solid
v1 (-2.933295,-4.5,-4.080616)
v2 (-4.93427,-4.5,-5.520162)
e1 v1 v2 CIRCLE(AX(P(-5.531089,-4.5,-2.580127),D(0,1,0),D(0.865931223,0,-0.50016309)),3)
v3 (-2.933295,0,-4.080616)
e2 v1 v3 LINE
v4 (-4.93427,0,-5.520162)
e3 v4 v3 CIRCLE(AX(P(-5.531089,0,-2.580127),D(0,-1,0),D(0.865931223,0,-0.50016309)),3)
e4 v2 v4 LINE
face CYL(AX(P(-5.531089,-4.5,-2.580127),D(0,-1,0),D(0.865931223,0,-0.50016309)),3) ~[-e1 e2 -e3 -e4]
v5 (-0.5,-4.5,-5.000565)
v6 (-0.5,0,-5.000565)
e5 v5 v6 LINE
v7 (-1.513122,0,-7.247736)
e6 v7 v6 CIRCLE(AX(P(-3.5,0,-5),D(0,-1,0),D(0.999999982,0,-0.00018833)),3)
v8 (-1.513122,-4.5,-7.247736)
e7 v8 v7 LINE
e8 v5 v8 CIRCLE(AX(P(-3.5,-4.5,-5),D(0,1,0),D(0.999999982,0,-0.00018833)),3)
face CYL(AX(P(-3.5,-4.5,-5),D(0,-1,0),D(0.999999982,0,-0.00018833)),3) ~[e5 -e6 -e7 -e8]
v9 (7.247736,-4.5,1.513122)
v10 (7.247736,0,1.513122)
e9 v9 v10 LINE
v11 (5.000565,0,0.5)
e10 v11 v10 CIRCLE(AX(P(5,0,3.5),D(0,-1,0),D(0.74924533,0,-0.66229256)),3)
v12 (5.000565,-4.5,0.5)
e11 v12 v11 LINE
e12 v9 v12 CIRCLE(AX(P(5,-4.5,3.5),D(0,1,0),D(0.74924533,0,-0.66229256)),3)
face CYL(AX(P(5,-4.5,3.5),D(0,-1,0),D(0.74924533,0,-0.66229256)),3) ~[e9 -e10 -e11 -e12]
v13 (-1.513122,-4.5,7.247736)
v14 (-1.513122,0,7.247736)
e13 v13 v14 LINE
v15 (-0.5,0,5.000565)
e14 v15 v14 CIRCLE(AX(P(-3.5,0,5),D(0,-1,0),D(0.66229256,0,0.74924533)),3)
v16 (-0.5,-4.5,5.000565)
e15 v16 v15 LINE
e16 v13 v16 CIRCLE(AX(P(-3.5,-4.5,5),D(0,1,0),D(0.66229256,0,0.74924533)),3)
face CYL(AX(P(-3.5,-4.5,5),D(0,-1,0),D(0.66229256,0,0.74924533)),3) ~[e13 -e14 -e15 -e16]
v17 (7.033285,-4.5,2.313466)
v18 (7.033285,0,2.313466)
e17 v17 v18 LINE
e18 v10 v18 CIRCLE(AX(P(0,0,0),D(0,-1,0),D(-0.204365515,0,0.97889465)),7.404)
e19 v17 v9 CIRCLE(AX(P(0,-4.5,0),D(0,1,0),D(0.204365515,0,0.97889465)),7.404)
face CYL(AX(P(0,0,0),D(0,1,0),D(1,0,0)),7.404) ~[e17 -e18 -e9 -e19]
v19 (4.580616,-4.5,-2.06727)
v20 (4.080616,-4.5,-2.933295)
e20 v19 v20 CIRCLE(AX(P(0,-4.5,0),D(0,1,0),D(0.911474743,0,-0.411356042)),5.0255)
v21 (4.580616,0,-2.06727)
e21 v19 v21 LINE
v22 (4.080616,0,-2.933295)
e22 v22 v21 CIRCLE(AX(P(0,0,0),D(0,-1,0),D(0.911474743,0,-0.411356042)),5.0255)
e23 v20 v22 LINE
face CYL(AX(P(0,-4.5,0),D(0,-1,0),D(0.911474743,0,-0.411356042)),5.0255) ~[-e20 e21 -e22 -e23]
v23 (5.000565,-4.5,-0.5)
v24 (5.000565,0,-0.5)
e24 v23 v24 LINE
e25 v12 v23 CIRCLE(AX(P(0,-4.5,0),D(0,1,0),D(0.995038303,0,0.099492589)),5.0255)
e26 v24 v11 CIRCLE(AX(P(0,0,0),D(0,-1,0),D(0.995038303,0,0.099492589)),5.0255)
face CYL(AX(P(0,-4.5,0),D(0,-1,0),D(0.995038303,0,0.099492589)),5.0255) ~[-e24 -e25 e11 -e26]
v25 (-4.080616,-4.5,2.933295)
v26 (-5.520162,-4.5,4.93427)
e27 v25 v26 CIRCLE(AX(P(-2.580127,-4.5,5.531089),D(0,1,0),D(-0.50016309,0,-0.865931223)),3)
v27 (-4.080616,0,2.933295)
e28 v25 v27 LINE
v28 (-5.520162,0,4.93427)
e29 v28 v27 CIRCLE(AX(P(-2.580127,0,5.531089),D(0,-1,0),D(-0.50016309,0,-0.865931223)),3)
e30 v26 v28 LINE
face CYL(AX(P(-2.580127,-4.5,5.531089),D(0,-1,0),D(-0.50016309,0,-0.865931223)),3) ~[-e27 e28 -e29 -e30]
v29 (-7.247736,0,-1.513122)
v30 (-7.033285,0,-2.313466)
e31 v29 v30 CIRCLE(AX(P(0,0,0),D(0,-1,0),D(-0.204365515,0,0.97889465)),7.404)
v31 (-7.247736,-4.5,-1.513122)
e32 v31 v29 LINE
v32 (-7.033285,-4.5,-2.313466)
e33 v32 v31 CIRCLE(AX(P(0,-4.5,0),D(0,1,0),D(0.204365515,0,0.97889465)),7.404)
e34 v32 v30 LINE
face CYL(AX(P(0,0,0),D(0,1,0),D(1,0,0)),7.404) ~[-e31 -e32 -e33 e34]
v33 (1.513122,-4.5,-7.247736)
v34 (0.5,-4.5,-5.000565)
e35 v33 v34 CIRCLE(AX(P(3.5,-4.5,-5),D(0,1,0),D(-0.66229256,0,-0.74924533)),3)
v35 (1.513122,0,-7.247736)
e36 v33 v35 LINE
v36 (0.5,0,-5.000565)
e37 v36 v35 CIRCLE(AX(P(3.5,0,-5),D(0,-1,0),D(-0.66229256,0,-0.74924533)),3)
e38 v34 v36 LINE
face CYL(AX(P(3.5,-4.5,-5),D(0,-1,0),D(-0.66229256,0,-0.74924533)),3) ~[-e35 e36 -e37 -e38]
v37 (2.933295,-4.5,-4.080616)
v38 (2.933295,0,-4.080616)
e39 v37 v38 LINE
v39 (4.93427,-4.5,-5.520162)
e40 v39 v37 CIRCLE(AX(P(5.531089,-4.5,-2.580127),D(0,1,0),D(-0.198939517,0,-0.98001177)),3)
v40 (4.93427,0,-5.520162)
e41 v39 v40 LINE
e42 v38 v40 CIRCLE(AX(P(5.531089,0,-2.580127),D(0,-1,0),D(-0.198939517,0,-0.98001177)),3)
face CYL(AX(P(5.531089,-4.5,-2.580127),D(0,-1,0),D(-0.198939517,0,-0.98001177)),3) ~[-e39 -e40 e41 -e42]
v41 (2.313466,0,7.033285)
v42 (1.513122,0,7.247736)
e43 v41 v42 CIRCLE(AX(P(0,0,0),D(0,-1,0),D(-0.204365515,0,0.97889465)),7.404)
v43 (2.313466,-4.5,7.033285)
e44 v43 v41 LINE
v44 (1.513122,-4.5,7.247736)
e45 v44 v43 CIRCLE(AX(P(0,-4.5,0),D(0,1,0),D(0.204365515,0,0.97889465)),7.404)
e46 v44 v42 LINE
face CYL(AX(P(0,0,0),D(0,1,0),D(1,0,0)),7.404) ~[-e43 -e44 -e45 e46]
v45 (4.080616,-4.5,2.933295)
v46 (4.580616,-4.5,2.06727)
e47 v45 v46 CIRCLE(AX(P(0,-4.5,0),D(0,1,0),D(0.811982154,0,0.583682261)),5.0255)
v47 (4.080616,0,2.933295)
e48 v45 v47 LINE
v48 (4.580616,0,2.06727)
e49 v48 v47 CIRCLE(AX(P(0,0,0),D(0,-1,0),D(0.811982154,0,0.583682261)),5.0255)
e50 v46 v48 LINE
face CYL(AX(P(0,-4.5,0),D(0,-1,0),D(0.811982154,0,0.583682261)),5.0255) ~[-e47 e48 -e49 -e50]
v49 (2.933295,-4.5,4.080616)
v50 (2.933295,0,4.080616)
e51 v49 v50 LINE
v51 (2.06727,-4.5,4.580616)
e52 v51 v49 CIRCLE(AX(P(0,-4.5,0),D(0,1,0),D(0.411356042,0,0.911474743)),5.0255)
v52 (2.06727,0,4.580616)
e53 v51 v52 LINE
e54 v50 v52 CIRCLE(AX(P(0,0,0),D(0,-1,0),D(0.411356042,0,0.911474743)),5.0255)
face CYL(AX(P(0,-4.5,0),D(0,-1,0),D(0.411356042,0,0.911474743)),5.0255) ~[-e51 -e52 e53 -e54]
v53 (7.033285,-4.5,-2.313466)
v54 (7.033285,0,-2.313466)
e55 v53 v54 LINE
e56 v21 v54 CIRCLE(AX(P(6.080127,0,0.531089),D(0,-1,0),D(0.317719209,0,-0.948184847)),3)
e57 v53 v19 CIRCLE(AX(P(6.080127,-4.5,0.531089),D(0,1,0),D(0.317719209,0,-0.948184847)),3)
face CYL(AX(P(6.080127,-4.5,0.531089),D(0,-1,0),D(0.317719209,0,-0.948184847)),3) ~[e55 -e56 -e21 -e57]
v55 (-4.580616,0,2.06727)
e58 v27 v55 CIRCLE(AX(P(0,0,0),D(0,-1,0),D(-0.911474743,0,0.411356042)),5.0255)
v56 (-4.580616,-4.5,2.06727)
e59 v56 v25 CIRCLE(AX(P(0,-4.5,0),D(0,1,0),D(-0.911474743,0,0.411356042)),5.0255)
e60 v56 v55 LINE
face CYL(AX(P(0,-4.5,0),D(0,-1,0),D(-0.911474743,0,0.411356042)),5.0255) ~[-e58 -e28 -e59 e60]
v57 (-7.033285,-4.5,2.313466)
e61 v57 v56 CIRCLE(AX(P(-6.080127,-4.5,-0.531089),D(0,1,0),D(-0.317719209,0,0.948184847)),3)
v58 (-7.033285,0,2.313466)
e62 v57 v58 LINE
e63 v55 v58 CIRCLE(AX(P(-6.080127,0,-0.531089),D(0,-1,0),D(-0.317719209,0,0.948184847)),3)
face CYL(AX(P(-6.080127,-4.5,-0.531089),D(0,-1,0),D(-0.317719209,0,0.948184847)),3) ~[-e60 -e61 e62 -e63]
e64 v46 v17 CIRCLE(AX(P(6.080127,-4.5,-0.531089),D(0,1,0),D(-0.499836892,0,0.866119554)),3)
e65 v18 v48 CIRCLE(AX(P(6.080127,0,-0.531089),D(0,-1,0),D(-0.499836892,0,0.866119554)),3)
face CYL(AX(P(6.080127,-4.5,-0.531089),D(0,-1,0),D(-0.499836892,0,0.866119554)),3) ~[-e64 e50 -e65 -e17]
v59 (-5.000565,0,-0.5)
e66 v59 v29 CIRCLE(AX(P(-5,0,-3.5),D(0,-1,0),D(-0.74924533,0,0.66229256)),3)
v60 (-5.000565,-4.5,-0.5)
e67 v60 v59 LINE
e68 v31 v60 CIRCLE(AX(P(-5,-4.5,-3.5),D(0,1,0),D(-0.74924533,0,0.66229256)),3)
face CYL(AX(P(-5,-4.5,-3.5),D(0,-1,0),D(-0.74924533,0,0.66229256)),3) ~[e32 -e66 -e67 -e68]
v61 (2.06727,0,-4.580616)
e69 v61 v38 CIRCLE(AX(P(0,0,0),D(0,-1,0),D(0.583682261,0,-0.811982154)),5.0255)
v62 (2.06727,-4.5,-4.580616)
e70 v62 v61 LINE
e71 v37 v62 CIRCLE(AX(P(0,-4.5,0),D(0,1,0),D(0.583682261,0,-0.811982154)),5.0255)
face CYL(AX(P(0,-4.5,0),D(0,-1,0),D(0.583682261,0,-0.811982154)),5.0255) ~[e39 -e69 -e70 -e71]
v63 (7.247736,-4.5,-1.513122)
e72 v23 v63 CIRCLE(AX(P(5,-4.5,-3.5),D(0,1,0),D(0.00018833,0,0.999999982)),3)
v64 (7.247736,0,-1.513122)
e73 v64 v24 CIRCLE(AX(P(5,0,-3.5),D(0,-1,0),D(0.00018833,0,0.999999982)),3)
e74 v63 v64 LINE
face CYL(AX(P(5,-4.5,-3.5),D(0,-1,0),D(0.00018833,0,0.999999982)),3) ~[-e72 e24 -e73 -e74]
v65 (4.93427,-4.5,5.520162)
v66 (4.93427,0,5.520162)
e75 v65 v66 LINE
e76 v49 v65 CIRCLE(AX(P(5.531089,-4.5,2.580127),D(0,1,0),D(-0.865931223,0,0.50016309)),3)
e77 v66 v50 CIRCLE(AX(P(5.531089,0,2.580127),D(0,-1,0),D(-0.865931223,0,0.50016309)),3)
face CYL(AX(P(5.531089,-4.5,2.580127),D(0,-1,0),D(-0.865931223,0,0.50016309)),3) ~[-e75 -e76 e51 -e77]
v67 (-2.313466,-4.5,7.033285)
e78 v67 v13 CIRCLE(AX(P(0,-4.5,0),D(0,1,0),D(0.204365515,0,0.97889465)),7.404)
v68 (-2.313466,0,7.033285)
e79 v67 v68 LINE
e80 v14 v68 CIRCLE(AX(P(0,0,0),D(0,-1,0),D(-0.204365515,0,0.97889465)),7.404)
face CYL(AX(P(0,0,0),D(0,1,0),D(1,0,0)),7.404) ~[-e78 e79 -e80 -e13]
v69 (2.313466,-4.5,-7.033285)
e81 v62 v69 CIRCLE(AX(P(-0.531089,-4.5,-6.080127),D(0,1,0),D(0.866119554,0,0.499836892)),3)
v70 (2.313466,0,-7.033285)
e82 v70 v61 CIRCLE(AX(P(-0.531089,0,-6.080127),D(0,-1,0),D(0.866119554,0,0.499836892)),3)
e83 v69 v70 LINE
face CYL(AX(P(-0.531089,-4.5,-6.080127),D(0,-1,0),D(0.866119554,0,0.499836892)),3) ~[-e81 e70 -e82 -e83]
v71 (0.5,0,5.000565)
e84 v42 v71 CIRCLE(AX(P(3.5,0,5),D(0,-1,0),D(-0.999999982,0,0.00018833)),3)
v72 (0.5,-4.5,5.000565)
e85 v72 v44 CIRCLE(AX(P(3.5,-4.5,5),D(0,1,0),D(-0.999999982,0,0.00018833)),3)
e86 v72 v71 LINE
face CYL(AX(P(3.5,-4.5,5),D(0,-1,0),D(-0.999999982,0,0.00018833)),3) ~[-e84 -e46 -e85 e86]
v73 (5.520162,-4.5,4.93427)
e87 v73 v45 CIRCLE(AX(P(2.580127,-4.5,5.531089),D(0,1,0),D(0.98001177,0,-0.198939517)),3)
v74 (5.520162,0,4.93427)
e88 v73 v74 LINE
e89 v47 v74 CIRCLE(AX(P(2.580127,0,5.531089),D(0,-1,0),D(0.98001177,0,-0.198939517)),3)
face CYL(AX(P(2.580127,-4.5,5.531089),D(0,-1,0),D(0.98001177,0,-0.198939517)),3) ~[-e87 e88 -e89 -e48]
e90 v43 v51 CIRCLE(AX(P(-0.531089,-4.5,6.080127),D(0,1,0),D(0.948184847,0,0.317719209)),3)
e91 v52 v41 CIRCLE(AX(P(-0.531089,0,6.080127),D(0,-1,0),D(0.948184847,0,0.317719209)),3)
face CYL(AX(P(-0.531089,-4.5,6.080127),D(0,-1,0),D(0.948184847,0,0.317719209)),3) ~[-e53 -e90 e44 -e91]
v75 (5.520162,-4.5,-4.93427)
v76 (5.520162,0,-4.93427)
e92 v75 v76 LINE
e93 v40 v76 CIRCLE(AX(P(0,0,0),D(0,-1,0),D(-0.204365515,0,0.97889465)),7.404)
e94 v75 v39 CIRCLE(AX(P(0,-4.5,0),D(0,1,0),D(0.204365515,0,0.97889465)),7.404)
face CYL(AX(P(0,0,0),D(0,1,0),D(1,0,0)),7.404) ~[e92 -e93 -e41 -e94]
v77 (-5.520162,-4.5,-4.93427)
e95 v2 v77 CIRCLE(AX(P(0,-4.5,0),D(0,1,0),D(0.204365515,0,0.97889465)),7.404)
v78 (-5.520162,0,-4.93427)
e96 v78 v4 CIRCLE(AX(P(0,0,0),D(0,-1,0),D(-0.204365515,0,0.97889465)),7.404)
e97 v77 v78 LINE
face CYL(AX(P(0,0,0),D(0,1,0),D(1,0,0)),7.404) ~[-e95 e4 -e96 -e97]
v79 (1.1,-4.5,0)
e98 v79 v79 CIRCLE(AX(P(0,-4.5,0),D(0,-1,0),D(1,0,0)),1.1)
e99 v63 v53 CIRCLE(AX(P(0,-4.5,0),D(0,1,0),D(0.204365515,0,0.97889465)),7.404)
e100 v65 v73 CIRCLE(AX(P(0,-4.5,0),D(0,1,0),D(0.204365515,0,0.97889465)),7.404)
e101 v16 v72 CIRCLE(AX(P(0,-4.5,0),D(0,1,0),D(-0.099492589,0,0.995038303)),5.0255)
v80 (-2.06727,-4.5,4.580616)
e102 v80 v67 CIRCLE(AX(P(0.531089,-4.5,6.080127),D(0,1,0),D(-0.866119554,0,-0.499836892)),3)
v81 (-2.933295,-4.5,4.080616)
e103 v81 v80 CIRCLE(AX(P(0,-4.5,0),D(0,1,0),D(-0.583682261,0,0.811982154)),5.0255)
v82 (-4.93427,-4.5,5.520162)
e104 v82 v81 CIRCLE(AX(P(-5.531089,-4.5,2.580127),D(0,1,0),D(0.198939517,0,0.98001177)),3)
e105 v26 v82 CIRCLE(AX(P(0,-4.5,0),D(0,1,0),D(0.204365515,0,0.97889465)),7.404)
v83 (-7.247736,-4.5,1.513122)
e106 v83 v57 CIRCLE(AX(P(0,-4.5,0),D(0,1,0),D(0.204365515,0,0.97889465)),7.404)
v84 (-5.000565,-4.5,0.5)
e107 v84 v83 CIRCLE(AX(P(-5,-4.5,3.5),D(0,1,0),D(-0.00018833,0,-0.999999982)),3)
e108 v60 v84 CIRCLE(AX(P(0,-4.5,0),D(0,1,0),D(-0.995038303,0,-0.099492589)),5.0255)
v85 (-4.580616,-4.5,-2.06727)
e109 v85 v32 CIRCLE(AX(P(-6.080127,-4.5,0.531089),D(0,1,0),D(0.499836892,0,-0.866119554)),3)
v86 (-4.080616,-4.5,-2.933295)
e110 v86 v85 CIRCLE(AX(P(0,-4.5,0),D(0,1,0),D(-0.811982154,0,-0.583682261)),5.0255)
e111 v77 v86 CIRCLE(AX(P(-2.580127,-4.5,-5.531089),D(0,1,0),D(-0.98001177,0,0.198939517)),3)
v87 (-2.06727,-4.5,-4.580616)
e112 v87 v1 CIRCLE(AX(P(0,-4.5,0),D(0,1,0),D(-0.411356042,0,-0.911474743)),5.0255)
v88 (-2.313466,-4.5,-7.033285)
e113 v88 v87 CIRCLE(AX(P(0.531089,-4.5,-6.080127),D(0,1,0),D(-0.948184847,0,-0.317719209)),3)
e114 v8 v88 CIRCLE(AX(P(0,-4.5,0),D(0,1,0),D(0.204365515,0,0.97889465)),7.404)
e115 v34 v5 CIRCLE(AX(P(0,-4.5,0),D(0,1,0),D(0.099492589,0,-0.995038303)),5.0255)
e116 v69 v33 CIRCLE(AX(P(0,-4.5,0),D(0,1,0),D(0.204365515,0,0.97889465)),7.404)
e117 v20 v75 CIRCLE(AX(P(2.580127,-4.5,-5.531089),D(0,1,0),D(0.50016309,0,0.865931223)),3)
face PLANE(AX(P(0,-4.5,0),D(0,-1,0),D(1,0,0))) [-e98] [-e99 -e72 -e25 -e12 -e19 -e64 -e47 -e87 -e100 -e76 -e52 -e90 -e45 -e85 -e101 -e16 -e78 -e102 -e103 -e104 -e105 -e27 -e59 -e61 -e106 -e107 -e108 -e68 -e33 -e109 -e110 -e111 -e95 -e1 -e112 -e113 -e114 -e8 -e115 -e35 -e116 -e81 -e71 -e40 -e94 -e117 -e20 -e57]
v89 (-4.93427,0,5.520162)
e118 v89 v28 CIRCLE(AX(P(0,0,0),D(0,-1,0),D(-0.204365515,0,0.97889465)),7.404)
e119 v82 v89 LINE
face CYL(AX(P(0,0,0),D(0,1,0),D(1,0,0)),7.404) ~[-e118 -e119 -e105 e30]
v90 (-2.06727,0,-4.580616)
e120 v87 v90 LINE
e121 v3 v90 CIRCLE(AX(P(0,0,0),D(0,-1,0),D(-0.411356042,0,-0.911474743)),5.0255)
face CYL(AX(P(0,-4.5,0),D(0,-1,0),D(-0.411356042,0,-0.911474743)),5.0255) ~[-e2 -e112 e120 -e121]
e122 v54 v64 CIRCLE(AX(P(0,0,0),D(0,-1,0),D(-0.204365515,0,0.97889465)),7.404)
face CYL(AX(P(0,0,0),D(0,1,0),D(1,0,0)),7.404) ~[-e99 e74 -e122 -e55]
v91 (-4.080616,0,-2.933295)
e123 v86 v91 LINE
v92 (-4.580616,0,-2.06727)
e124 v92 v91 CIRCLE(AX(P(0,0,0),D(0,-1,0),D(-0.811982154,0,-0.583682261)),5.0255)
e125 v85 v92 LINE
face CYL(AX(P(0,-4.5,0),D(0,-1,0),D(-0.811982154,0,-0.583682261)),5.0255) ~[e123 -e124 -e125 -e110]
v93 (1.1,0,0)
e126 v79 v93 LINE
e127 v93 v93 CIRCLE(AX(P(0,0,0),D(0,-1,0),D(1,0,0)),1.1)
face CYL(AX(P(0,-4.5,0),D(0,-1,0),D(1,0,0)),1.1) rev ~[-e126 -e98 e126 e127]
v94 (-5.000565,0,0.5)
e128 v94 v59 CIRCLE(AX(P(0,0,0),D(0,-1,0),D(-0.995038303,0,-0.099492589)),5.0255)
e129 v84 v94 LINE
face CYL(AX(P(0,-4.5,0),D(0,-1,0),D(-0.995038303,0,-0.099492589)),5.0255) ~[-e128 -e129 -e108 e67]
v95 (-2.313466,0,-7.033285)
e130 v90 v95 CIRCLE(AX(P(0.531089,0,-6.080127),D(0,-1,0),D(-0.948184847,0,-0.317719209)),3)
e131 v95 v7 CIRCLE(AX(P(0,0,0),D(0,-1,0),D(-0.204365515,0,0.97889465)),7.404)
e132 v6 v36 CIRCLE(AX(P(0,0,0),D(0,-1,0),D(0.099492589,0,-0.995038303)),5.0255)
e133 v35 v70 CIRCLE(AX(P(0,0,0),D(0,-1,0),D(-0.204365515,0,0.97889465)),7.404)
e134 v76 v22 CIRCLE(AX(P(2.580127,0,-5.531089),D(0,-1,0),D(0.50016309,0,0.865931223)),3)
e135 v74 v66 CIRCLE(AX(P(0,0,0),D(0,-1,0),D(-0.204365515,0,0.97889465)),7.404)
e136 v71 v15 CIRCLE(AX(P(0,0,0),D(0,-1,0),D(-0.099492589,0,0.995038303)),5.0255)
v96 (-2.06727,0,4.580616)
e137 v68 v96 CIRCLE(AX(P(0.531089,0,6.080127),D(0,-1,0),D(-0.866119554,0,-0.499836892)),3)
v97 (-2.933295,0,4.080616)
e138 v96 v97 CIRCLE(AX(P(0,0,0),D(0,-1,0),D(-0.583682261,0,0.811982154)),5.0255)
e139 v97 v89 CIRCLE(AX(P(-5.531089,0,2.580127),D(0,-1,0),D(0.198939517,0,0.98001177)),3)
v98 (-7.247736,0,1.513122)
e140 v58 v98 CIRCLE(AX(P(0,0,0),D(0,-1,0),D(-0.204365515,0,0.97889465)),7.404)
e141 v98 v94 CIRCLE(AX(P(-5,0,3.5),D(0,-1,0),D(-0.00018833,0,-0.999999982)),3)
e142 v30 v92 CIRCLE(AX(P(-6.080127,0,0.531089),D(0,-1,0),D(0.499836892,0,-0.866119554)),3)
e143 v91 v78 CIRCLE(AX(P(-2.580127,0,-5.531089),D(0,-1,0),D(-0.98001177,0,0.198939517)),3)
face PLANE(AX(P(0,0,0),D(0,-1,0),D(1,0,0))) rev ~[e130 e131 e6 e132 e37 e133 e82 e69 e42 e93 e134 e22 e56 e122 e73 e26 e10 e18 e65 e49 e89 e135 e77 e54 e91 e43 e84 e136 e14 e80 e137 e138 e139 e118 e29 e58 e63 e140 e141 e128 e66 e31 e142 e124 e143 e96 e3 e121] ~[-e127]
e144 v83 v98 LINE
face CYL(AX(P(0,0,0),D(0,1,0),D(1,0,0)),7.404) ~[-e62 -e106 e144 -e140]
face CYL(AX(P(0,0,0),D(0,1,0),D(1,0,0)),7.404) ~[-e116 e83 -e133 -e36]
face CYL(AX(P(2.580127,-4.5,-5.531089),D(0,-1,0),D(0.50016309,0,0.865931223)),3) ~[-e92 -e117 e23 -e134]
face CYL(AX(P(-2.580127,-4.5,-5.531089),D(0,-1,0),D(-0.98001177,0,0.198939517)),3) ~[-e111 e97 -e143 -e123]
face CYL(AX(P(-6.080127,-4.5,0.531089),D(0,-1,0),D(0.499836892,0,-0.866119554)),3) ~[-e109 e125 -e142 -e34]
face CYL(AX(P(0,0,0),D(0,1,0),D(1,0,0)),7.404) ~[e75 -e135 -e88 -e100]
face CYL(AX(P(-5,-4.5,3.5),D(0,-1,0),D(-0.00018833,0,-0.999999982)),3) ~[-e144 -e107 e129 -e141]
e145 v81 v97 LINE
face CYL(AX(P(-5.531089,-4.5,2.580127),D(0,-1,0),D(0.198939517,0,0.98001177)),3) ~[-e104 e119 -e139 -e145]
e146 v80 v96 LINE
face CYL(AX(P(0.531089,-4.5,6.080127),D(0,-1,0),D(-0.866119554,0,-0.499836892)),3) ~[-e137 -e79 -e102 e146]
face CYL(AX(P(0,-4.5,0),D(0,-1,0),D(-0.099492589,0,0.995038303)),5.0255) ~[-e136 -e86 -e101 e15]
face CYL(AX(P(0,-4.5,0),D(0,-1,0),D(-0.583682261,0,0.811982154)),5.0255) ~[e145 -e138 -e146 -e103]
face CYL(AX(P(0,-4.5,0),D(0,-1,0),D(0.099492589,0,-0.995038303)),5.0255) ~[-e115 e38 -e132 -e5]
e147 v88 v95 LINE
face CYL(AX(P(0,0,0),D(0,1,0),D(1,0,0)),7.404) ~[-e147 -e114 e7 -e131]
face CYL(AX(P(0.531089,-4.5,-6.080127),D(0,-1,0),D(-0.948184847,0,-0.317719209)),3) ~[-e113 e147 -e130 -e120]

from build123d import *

# Parameters (mm, degrees)
F0_R     = 7.404
F1_DEPTH = 4.5
F3_DEPTH = 4.501
F4_COUNT = 12
F5_R     = 1.1
F6_DEPTH = 4.501


with BuildPart() as f1:
    # F0 (on Front) → F1 (new body)
    with BuildSketch(Plane.XZ):
        Circle(F0_R)
    extrude(amount=F1_DEPTH)

    # F2 (on face) → F3 (cut, through all)
    with BuildSketch(Plane.XZ.offset(4.5)):
        with BuildLine():
            ThreePointArc((-0.5000000047, 5.0005649926), (0, 5.0255), (0.5000000047, 5.0005649926))
            ThreePointArc((0.5000000047, 5.0005649926), (0.7650993145, 6.2330119666), (1.51312227, 7.2477359911))
            ThreePointArc((1.51312227, 7.2477359911), (0, 7.404), (-1.51312227, 7.2477359911))
            ThreePointArc((-1.51312227, 7.2477359911), (-0.7650993145, 6.2330119666), (-0.5000000047, 5.0005649926))
        make_face()
    f3 = extrude(amount=-F3_DEPTH, mode=Mode.SUBTRACT)

    # F4: F3 ×12 about axis
    f4_axis = Axis((0, 0, 0), (0, 1, 0))
    for i in range(1, F4_COUNT):
        add(f3.rotate(f4_axis, i * 360 / F4_COUNT), mode=Mode.SUBTRACT)

    # F5 (on face) → F6 (cut, through all)
    with BuildSketch(Plane.XZ.offset(4.5)):
        Circle(F5_R)
    extrude(amount=-F6_DEPTH, mode=Mode.SUBTRACT)


solid = f1.part
